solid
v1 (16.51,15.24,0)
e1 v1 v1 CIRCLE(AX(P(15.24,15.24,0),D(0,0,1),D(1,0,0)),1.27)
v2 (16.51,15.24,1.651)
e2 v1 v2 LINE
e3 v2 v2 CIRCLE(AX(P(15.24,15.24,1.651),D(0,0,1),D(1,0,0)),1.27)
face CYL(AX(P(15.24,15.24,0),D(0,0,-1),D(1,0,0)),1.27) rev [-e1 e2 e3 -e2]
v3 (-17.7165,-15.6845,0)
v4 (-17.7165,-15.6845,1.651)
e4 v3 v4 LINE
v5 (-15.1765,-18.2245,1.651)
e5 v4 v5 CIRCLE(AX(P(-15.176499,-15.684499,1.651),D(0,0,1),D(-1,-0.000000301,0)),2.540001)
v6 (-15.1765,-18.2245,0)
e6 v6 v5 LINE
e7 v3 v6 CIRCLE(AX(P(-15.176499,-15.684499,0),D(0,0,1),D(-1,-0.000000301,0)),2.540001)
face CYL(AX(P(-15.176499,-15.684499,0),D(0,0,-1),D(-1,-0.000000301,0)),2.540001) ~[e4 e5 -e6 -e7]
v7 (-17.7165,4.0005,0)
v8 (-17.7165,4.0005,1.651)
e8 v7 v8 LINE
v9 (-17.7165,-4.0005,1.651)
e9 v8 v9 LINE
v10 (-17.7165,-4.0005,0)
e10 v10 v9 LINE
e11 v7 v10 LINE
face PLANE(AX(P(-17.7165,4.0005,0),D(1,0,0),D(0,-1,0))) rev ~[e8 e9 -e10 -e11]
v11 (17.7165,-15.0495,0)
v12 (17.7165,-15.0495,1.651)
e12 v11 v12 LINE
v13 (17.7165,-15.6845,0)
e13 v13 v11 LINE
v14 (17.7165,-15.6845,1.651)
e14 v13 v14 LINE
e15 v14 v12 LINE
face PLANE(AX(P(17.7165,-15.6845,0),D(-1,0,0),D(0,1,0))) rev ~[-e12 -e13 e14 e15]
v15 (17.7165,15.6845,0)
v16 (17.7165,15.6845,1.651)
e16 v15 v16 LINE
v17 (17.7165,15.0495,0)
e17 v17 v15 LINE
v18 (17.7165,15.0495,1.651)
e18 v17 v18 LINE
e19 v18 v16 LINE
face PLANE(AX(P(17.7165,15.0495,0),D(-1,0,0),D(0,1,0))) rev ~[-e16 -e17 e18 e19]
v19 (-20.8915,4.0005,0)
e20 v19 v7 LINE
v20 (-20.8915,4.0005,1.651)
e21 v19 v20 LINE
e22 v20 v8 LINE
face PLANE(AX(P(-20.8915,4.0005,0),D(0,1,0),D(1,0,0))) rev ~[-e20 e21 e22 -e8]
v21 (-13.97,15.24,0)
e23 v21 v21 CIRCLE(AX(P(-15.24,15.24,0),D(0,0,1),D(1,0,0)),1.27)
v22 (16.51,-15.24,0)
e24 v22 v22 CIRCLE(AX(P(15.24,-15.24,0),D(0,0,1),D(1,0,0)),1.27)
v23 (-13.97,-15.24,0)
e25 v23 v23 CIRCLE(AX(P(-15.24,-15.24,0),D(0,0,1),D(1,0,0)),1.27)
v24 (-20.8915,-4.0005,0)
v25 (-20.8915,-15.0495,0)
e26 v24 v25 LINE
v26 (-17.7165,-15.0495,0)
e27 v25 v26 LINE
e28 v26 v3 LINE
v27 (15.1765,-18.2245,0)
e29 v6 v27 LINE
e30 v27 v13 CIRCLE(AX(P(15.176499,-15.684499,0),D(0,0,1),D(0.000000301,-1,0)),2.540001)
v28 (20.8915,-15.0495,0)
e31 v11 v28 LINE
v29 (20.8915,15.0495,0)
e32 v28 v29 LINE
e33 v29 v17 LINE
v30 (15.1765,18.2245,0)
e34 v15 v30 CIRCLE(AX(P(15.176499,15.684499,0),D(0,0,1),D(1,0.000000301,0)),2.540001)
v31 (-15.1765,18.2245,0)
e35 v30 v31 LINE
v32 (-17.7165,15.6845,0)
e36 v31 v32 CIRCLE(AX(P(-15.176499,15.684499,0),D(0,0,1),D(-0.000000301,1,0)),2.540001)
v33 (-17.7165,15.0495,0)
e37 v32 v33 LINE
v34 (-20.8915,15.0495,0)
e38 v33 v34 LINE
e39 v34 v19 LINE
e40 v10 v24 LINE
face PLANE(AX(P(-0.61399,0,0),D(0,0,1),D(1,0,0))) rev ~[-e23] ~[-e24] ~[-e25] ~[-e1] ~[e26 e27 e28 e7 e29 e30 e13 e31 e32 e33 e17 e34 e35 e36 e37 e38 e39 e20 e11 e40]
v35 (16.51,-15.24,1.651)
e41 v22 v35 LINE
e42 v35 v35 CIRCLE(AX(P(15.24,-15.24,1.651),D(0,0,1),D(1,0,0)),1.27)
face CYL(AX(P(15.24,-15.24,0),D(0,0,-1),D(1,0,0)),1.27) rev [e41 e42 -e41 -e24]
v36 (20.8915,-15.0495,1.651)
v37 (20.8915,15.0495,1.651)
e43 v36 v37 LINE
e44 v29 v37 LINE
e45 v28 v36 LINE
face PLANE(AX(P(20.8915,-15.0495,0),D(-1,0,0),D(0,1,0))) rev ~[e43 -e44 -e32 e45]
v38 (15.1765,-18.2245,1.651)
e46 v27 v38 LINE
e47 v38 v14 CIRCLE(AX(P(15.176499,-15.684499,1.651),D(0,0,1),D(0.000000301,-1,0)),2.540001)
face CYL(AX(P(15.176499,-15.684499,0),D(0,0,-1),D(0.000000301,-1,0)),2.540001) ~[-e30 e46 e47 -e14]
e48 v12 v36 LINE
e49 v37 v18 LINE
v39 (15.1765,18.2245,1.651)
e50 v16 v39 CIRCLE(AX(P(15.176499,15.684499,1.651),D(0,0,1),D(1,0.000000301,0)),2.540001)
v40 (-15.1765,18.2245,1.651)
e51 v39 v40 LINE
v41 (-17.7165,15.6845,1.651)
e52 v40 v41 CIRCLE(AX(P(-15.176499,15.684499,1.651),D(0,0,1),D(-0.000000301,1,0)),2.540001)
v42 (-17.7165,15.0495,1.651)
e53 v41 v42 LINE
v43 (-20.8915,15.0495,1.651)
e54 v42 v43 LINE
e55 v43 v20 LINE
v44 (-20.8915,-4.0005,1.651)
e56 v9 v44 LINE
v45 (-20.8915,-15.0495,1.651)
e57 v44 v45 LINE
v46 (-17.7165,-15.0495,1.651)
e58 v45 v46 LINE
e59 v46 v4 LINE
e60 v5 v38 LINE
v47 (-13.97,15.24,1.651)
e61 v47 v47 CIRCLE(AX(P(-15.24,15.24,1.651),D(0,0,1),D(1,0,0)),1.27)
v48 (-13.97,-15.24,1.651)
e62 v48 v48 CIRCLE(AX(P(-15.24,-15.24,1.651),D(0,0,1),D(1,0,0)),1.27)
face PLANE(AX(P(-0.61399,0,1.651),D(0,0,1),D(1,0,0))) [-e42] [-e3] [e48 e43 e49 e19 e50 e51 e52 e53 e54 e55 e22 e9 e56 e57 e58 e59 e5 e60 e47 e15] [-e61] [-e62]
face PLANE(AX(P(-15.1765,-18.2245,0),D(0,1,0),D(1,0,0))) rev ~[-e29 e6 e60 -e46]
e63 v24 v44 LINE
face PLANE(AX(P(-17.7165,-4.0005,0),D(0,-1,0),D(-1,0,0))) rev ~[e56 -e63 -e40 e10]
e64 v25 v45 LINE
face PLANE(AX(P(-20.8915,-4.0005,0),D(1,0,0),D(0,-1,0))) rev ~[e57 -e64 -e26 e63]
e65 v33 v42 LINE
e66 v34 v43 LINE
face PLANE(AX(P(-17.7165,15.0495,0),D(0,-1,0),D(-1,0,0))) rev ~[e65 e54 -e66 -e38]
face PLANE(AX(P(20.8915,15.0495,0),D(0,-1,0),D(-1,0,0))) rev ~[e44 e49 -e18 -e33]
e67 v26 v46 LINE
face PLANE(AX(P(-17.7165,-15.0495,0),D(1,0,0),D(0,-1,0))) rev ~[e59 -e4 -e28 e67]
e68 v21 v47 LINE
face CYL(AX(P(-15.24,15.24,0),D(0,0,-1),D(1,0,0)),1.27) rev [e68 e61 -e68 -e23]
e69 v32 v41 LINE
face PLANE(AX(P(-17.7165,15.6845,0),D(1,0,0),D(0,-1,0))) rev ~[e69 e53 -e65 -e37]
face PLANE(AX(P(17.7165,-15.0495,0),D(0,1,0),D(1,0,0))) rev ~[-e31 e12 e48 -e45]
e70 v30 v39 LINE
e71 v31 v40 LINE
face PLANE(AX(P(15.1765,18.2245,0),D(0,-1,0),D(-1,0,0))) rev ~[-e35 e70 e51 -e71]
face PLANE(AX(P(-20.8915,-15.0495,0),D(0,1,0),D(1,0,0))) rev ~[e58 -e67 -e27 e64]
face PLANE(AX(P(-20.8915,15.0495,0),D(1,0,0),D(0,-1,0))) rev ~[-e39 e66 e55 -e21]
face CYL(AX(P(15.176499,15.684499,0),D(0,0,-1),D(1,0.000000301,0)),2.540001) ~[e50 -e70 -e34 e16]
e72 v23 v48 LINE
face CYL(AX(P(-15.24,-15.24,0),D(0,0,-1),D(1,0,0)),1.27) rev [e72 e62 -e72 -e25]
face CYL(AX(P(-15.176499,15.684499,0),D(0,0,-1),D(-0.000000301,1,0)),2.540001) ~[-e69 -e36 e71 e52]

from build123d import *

# Parameters (mm, degrees)
F0_R     = 1.27
F1_DEPTH = 1.651


with BuildPart() as f1:
    # F0 (on Top) → F1 (new body)
    with BuildSketch(Plane.XY):
        with BuildLine():
            Line((-15.1765, -18.2245), (15.1765, -18.2245))
            ThreePointArc((15.1765, -18.2245), (16.972551, -17.480551), (17.7165, -15.6845))
            Line((17.7165, -15.6845), (17.7165, -15.0495))
            Line((17.7165, -15.0495), (20.8915, -15.0495))
            Line((20.8915, -15.0495), (20.8915, 15.0495))
            Line((20.8915, 15.0495), (17.7165, 15.0495))
            Line((17.7165, 15.0495), (17.7165, 15.6845))
            ThreePointArc((17.7165, 15.6845), (16.972551, 17.480551), (15.1765, 18.2245))
            Line((15.1765, 18.2245), (-15.1765, 18.2245))
            ThreePointArc((-15.1765, 18.2245), (-16.972551, 17.480551), (-17.7165, 15.6845))
            Line((-17.7165, 15.6845), (-17.7165, 15.0495))
            Line((-17.7165, 15.0495), (-20.8915, 15.0495))
            Line((-20.8915, 15.0495), (-20.8915, 4.0005))
            Line((-20.8915, 4.0005), (-17.7165, 4.0005))
            Line((-17.7165, 4.0005), (-17.7165, -4.0005))
            Line((-17.7165, -4.0005), (-20.8915, -4.0005))
            Line((-20.8915, -4.0005), (-20.8915, -15.0495))
            Line((-20.8915, -15.0495), (-17.7165, -15.0495))
            Line((-17.7165, -15.0495), (-17.7165, -15.6845))
            ThreePointArc((-17.7165, -15.6845), (-16.972551, -17.480551), (-15.1765, -18.2245))
        make_face()
        with Locations((-15.24, -15.24)):
            Circle(F0_R, mode=Mode.SUBTRACT)
        with Locations((15.24, -15.24)):
            Circle(F0_R, mode=Mode.SUBTRACT)
        with Locations((-15.24, 15.24)):
            Circle(F0_R, mode=Mode.SUBTRACT)
        with Locations((15.24, 15.24)):
            Circle(F0_R, mode=Mode.SUBTRACT)
    extrude(amount=F1_DEPTH)


solid = f1.part
